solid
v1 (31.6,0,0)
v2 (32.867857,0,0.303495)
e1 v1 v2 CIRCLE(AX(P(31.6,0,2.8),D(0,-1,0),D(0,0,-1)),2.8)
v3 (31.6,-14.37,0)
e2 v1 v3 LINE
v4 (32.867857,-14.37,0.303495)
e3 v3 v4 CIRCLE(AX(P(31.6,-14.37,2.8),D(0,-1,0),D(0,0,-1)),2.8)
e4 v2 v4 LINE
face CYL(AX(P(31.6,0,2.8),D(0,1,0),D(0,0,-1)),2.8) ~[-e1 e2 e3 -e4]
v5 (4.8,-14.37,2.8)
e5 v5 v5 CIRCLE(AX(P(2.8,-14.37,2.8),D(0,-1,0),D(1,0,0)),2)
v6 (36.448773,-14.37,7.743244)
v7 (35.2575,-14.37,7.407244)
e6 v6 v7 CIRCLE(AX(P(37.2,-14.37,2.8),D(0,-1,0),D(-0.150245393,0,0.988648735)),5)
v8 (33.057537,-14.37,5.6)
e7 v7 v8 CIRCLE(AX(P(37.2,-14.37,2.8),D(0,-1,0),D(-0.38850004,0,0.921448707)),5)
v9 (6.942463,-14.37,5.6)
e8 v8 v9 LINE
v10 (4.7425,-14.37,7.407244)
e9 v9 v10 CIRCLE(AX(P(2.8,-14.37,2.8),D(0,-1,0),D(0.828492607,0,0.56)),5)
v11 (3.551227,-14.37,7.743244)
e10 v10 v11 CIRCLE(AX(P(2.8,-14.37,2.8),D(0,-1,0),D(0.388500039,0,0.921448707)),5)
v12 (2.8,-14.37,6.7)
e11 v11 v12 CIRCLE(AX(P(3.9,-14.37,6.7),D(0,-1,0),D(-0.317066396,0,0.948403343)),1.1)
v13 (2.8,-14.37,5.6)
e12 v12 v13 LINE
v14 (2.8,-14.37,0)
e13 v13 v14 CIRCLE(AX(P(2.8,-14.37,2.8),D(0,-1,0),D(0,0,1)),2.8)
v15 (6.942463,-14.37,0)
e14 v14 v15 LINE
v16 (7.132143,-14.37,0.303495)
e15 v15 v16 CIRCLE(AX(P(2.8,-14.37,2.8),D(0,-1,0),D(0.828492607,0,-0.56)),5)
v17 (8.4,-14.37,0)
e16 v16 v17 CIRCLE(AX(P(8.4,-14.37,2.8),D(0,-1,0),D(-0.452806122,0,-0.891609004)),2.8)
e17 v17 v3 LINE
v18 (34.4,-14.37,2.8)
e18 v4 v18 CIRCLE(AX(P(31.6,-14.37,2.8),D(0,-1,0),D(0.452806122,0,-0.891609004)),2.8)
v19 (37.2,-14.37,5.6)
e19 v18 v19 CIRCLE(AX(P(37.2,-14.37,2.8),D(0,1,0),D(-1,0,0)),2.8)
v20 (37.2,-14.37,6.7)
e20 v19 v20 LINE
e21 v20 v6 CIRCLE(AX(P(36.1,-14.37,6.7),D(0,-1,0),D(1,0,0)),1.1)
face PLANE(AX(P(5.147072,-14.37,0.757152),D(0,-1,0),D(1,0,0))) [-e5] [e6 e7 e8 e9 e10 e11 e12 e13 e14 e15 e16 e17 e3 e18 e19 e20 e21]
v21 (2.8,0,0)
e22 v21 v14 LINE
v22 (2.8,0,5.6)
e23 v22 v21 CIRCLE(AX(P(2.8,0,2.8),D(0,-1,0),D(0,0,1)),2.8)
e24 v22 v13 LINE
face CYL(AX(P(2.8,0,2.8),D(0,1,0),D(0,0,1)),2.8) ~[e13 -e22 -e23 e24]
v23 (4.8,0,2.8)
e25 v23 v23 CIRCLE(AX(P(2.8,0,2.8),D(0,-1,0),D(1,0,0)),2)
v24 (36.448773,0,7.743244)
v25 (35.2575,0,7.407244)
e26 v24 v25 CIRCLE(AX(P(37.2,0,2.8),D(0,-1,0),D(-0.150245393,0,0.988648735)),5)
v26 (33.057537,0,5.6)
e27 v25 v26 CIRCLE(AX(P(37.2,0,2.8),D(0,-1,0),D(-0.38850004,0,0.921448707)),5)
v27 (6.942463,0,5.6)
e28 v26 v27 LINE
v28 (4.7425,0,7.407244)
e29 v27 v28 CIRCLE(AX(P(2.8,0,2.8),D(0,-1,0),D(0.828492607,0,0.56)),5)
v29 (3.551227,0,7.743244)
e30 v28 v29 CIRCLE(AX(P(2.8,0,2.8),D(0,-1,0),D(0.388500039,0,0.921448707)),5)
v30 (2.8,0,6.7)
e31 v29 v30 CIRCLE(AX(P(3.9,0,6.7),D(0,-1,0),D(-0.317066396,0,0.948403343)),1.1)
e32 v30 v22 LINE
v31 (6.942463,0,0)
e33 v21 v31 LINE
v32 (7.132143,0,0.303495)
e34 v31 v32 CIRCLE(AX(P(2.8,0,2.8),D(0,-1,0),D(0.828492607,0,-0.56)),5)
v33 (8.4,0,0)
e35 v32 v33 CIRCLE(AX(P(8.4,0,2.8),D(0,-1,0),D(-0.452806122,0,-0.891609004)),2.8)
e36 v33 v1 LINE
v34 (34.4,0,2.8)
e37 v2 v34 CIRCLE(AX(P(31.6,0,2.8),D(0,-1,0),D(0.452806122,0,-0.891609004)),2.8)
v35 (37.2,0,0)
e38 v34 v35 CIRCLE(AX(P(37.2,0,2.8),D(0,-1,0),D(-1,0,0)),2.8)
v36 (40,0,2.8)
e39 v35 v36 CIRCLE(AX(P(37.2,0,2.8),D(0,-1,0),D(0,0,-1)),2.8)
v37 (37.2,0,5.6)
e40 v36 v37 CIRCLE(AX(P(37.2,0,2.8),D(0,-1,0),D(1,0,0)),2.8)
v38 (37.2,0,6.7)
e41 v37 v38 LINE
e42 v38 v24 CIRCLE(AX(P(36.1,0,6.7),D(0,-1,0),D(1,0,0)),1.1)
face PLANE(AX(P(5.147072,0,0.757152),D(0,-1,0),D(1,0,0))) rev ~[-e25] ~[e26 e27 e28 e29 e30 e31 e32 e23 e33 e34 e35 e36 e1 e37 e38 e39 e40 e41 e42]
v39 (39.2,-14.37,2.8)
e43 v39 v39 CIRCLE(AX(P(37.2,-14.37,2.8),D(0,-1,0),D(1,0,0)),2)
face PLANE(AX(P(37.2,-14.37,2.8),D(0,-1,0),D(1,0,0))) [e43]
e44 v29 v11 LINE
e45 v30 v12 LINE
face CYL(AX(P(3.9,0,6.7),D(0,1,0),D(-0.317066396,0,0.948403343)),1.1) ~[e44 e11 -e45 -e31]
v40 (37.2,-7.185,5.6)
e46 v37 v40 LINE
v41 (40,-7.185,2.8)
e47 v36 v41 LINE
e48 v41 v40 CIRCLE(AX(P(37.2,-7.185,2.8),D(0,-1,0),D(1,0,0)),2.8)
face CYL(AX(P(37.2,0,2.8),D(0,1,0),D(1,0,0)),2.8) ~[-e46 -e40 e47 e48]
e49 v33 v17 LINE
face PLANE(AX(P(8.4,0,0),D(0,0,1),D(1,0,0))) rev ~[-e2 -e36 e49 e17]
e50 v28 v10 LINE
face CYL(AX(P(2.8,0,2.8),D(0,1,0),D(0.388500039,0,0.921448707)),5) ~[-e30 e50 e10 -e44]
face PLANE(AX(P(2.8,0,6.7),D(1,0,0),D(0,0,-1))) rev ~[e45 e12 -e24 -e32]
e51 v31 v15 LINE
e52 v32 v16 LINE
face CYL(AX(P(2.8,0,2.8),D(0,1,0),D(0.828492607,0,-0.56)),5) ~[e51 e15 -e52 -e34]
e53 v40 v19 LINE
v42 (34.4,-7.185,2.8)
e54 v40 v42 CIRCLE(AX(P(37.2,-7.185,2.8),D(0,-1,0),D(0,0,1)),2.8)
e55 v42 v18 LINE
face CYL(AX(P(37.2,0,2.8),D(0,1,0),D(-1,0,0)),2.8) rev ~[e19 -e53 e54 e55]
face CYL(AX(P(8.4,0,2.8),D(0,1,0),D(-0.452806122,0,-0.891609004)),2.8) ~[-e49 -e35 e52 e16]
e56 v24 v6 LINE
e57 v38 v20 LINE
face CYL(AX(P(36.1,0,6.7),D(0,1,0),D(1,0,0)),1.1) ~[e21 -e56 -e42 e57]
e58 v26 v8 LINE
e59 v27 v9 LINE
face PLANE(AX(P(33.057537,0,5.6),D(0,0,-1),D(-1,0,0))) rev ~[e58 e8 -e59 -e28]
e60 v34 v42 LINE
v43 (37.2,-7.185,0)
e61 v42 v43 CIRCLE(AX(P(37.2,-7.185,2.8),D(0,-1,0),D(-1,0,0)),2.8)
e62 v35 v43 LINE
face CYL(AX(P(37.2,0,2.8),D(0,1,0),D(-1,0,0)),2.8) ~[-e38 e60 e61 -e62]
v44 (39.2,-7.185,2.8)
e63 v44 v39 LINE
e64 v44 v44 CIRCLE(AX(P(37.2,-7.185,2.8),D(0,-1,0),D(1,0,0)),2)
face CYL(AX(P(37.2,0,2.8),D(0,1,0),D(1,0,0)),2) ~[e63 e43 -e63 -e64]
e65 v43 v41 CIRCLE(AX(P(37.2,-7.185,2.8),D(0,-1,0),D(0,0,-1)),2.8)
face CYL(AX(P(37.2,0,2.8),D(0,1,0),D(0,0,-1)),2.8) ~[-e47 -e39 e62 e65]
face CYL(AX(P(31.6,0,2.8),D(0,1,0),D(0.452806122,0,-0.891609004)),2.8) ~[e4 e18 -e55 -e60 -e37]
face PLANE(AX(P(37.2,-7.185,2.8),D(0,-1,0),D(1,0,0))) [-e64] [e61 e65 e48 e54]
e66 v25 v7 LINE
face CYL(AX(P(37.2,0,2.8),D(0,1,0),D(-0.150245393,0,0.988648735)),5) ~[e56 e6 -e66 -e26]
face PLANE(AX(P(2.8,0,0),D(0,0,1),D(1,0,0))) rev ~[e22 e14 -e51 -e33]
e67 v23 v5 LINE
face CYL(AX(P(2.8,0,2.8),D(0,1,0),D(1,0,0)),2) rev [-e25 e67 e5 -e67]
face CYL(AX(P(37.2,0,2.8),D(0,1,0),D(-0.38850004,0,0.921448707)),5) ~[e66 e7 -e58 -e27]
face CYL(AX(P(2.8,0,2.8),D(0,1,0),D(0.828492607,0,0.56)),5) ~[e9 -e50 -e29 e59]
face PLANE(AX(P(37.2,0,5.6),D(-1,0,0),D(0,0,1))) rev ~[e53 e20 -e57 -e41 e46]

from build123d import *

# Parameters (mm, degrees)
F1_DEPTH = 14.37
F0_R     = 2
F2_DEPTH = 7.185
F3_DEPTH = 14.37


with BuildPart() as f1:
    # F0 (on Front) → F1 (new body)
    with BuildSketch(Plane.XZ):
        with BuildLine():
            Line((3.9000000034, 5.6), (2.8, 5.6))
            ThreePointArc((2.8, 5.6), (4.7798989873, 4.7798989873), (5.6, 2.8))
            ThreePointArc((5.6, 2.8), (6.0135800872, 1.3354181484), (7.1321428571, 0.3034947896))
            ThreePointArc((7.1321428571, 0.3034947896), (7.7481620558, 0.0769305381), (8.4, 0))
            Line((8.4, 0), (31.6, 0))
            ThreePointArc((31.6, 0), (32.2518379442, 0.0769305381), (32.8678571429, 0.3034947896))
            ThreePointArc((32.8678571429, 0.3034947896), (33.9864199128, 1.3354181484), (34.4, 2.8))
            ThreePointArc((34.4, 2.8), (35.2201010127, 4.7798989873), (37.2, 5.6))
            Line((37.2, 5.6), (37.2, 6.7))
            ThreePointArc((37.2, 6.7), (36.8778174593, 5.9221825407), (36.1, 5.6))
            Line((36.1, 5.6), (33.0575369646, 5.6))
            Line((33.0575369646, 5.6), (6.9424630354, 5.6))
            Line((6.9424630354, 5.6), (3.9000000034, 5.6))
        make_face()
        with BuildLine():
            ThreePointArc((35.2574998019, 7.4072435339), (34.0261653027, 6.6635182559), (33.0575369646, 5.6))
            Line((33.0575369646, 5.6), (36.1, 5.6))
            ThreePointArc((36.1, 5.6), (35.103012566, 6.2352247249), (35.2574998019, 7.4072435339))
        make_face()
        with BuildLine():
            ThreePointArc((35.2574998019, 7.4072435339), (35.103012566, 6.2352247249), (36.1, 5.6))
            ThreePointArc((36.1, 5.6), (36.8778174593, 5.9221825407), (37.2, 6.7))
            ThreePointArc((37.2, 6.7), (36.9926506427, 7.3427867688), (36.4487730361, 7.7432436768))
            ThreePointArc((36.4487730361, 7.7432436768), (35.8426991749, 7.6122483799), (35.2574998019, 7.4072435339))
        make_face()
        with BuildLine():
            ThreePointArc((4.7425001981, 7.4072435339), (4.8969874348, 6.2352247264), (3.9000000034, 5.6))
            Line((3.9000000034, 5.6), (6.9424630354, 5.6))
            ThreePointArc((6.9424630354, 5.6), (5.9738346973, 6.6635182559), (4.7425001981, 7.4072435339))
        make_face()
        with BuildLine():
            ThreePointArc((2.8, 6.7), (3.1221825419, 5.9221825395), (3.9000000034, 5.6))
            ThreePointArc((3.9000000034, 5.6), (4.8969874348, 6.2352247264), (4.7425001981, 7.4072435339))
            ThreePointArc((4.7425001981, 7.4072435339), (4.1573008251, 7.6122483799), (3.5512269639, 7.7432436768))
            ThreePointArc((3.5512269639, 7.7432436768), (3.0073493573, 7.3427867688), (2.8, 6.7))
        make_face()
        with BuildLine():
            Line((2.8, 6.7), (2.8, 5.6))
            Line((2.8, 5.6), (3.9000000034, 5.6))
            ThreePointArc((3.9000000034, 5.6), (3.1221825419, 5.9221825395), (2.8, 6.7))
        make_face()
    extrude(amount=F1_DEPTH)



with BuildPart() as f1b:
    # F0 (on Front) → F1, piece 2 (new body)
    with BuildSketch(Plane.XZ):
        with Locations((37.2, 2.8)):
            Circle(F0_R)
    extrude(amount=F1_DEPTH)


with BuildPart() as f1_1:
    add(f1.part)

    add(f1b.part)  # F2 merges F1b
    # F0 (on Front) → F2 (join)
    with BuildSketch(Plane.XZ):
        with BuildLine():
            ThreePointArc((34.4, 2.8), (35.2201010127, 0.8201010127), (37.2, 0))
            ThreePointArc((37.2, 0), (39.1798989873, 0.8201010127), (40, 2.8))
            ThreePointArc((40, 2.8), (39.1798989873, 4.7798989873), (37.2, 5.6))
            ThreePointArc((37.2, 5.6), (35.2201010127, 4.7798989873), (34.4, 2.8))
        make_face()
        with Locations((37.2, 2.8)):
            Circle(F0_R, mode=Mode.SUBTRACT)
    extrude(amount=F2_DEPTH)

    # F0 (on Front) → F3 (join)
    with BuildSketch(Plane.XZ):
        with BuildLine():
            ThreePointArc((5.6, 2.8), (4.7798989873, 0.8201010127), (2.8, 0))
            Line((2.8, 0), (6.9424630354, 0))
            ThreePointArc((6.9424630354, 0), (7.0400192842, 0.1500497232), (7.1321428571, 0.3034947896))
            ThreePointArc((7.1321428571, 0.3034947896), (6.0135800872, 1.3354181484), (5.6, 2.8))
        make_face()
        with BuildLine():
            ThreePointArc((2.8, 5.6), (0, 2.8), (2.8, 0))
            ThreePointArc((2.8, 0), (4.7798989873, 0.8201010127), (5.6, 2.8))
            ThreePointArc((5.6, 2.8), (4.7798989873, 4.7798989873), (2.8, 5.6))
        make_face()
        with Locations((2.8, 2.8)):
            Circle(F0_R, mode=Mode.SUBTRACT)
    extrude(amount=F3_DEPTH)


solid = f1_1.part
